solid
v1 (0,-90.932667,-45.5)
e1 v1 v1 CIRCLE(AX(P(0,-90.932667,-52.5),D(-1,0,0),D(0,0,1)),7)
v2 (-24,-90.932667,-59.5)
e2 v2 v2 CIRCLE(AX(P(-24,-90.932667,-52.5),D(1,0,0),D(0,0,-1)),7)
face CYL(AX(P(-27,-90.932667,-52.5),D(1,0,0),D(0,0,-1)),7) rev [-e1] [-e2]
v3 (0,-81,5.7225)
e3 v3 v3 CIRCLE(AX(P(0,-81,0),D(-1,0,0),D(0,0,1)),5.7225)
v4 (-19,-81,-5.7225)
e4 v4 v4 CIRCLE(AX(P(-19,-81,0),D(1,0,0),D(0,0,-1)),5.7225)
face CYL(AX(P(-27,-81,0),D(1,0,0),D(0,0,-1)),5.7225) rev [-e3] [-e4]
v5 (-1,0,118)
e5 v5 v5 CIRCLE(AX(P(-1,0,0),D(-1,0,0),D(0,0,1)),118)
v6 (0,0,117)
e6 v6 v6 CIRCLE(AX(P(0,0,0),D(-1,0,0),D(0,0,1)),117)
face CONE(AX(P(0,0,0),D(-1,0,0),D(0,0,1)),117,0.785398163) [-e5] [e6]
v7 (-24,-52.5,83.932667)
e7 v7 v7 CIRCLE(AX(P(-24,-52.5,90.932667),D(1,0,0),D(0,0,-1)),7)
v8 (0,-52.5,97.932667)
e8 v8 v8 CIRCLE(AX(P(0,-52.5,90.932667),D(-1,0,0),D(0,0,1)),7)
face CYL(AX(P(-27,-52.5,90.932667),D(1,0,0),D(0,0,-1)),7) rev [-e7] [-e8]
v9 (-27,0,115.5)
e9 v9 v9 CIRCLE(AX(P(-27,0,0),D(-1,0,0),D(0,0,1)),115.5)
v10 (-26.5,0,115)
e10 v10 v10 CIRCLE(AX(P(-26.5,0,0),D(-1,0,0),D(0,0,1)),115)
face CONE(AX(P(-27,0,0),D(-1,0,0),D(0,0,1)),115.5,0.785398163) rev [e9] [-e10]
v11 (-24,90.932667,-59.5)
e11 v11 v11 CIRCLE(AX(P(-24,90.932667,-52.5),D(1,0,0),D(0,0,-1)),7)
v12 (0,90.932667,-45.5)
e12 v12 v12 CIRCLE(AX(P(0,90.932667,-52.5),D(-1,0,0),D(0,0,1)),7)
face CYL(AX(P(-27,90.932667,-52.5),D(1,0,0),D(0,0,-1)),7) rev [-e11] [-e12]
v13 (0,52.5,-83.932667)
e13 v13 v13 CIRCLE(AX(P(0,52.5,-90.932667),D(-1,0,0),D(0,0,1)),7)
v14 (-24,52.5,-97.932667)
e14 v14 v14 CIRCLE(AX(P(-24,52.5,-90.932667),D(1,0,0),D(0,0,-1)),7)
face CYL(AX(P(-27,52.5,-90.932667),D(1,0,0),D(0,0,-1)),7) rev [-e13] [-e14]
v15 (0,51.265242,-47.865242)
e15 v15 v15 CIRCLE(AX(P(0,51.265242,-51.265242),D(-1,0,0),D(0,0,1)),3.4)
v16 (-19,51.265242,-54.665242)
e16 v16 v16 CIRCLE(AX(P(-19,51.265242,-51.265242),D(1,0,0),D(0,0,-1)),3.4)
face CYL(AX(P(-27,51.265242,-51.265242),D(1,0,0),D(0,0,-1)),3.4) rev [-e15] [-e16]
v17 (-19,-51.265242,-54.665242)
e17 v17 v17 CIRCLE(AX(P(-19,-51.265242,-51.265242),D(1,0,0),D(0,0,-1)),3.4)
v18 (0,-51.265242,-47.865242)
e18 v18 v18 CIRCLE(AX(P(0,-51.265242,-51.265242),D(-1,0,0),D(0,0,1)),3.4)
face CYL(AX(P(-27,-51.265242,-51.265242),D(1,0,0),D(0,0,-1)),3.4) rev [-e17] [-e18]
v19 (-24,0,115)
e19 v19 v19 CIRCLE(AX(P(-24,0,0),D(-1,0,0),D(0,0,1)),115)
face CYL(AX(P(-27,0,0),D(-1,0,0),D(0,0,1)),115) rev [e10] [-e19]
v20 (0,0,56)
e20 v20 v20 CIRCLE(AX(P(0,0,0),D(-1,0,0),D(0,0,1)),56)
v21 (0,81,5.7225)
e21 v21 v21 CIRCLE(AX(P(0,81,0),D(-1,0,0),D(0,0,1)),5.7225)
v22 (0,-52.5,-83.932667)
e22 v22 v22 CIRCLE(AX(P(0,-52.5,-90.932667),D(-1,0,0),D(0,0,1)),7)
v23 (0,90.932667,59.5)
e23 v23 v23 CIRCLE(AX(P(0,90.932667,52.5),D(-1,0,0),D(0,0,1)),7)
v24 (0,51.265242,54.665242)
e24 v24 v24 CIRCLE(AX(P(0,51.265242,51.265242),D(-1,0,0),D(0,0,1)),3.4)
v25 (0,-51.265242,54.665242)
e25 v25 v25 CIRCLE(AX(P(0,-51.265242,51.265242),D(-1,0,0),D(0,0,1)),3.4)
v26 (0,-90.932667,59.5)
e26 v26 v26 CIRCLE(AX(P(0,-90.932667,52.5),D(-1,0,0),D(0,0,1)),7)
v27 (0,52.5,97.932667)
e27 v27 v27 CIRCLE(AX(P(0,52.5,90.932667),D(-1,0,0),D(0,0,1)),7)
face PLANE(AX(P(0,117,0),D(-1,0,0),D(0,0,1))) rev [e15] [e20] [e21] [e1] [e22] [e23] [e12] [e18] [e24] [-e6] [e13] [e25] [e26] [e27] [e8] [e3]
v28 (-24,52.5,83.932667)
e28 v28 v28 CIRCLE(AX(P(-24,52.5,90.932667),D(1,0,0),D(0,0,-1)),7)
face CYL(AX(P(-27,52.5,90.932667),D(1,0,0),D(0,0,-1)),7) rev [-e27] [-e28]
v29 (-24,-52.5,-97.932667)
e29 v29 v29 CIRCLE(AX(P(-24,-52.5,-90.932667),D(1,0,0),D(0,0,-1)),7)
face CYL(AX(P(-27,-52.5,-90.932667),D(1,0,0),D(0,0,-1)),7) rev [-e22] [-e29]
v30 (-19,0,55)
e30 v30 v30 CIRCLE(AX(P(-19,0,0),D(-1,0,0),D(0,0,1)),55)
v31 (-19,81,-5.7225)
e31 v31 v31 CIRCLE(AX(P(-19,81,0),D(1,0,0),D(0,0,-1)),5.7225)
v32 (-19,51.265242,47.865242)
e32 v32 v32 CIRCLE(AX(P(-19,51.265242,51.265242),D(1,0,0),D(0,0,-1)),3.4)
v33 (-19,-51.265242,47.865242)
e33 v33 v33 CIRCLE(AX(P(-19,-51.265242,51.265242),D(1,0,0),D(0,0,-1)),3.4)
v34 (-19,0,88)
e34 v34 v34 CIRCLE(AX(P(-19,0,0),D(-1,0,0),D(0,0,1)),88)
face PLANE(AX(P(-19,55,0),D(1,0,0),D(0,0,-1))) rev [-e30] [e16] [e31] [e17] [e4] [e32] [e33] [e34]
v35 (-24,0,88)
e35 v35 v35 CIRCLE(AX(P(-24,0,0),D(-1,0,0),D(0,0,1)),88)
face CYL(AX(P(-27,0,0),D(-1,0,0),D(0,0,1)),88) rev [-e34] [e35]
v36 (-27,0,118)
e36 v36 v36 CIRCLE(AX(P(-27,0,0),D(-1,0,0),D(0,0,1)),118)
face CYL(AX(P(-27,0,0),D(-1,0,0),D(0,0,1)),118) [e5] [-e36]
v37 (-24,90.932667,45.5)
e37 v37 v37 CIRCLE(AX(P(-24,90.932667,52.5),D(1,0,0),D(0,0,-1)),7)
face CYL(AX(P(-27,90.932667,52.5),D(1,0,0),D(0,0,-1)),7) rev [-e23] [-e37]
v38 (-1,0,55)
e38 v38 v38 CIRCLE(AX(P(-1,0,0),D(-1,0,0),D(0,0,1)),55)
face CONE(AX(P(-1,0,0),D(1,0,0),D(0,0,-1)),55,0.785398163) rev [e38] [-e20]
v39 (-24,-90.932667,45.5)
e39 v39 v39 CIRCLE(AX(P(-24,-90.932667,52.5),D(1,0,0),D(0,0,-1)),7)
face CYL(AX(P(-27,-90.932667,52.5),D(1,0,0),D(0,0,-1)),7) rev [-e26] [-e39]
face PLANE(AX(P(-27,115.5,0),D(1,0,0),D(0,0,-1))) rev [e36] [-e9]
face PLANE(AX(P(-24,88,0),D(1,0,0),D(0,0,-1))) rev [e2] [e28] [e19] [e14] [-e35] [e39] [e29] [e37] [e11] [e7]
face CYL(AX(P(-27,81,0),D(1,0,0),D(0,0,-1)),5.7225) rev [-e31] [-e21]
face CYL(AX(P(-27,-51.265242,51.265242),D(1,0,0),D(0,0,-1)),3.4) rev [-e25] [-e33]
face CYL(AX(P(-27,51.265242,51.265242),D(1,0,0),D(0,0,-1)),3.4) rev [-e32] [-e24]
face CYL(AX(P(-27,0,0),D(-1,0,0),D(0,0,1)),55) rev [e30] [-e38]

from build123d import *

# Parameters (mm, degrees)
CUT_EXTRUDE_1_DEPTH      = 170.04733065
CUT_EXTRUDE_1_DEPTH_BACK = 170.04733065
SKETCH_2_R               = 7
CUT_EXTRUDE_2_DEPTH      = 170.04733065
CUT_EXTRUDE_2_DEPTH_BACK = 170.04733065
SKETCH_3_R               = 3.4
CUT_EXTRUDE_3_DEPTH      = 170.04733065
CUT_EXTRUDE_3_DEPTH_BACK = 170.04733065
SKETCH_4_R               = 5.7225


with BuildPart() as part:
    # ｽｹｯﾁ1 → 回転1 (revolve)
    with BuildSketch(Plane.XY, mode=Mode.PRIVATE) as revolve_1_sk:
        Polygon((0, 117), (0, 56), (-1, 55), (-19, 55), (-19, 88), (-24, 88), (-24, 115), (-26.5, 115), (-27, 115.5), (-27, 118), (-1, 118), align=None)
    revolve(revolve_1_sk.sketch.rotate(Axis((-27, 0, 0), (1, 0, 0)), 90), axis=Axis((-27, 0, 0), (1, 0, 0)))

    # ｽｹｯﾁ2 → ｶｯﾄ - 押し出し1 (cut, two sides: drawn at the far end of the back side and taken through both)
    with BuildSketch(Plane(origin=(0, 0, 0), x_dir=(0, 0, -1), z_dir=(1, 0, 0)).offset(-CUT_EXTRUDE_1_DEPTH_BACK)):
        with Locations((90.932667397, 52.5)):
            Circle(SKETCH_2_R)
        with Locations((52.5, 90.932667397)):
            Circle(SKETCH_2_R)
        with Locations((-52.5, 90.932667397)):
            Circle(SKETCH_2_R)
        with Locations((-90.932667397, 52.5)):
            Circle(SKETCH_2_R)
        with Locations((-90.932667397, -52.5)):
            Circle(SKETCH_2_R)
        with Locations((-52.5, -90.932667397)):
            Circle(SKETCH_2_R)
        with Locations((52.5, -90.932667397)):
            Circle(SKETCH_2_R)
        with Locations((90.932667397, -52.5)):
            Circle(SKETCH_2_R)
    extrude(amount=CUT_EXTRUDE_1_DEPTH + CUT_EXTRUDE_1_DEPTH_BACK, mode=Mode.SUBTRACT)

    # ｽｹｯﾁ3 → ｶｯﾄ - 押し出し2 (cut, two sides: drawn at the far end of the back side and taken through both)
    with BuildSketch(Plane(origin=(0, 0, 0), x_dir=(0, 0, -1), z_dir=(1, 0, 0)).offset(-CUT_EXTRUDE_2_DEPTH_BACK)):
        with Locations((51.265241636, 51.265241636)):
            Circle(SKETCH_3_R)
        with Locations((-51.265241636, 51.265241636)):
            Circle(SKETCH_3_R)
        with Locations((-51.265241636, -51.265241636)):
            Circle(SKETCH_3_R)
        with Locations((51.265241636, -51.265241636)):
            Circle(SKETCH_3_R)
    extrude(amount=CUT_EXTRUDE_2_DEPTH + CUT_EXTRUDE_2_DEPTH_BACK, mode=Mode.SUBTRACT)

    # ｽｹｯﾁ4 → ｶｯﾄ - 押し出し3 (cut, two sides: drawn at the far end of the back side and taken through both)
    with BuildSketch(Plane(origin=(0, 0, 0), x_dir=(0, 0, -1), z_dir=(1, 0, 0)).offset(-CUT_EXTRUDE_3_DEPTH_BACK)):
        with Locations((0, 81)):
            Circle(SKETCH_4_R)
        with Locations((0, -81)):
            Circle(SKETCH_4_R)
    extrude(amount=CUT_EXTRUDE_3_DEPTH + CUT_EXTRUDE_3_DEPTH_BACK, mode=Mode.SUBTRACT)


solid = part.part
